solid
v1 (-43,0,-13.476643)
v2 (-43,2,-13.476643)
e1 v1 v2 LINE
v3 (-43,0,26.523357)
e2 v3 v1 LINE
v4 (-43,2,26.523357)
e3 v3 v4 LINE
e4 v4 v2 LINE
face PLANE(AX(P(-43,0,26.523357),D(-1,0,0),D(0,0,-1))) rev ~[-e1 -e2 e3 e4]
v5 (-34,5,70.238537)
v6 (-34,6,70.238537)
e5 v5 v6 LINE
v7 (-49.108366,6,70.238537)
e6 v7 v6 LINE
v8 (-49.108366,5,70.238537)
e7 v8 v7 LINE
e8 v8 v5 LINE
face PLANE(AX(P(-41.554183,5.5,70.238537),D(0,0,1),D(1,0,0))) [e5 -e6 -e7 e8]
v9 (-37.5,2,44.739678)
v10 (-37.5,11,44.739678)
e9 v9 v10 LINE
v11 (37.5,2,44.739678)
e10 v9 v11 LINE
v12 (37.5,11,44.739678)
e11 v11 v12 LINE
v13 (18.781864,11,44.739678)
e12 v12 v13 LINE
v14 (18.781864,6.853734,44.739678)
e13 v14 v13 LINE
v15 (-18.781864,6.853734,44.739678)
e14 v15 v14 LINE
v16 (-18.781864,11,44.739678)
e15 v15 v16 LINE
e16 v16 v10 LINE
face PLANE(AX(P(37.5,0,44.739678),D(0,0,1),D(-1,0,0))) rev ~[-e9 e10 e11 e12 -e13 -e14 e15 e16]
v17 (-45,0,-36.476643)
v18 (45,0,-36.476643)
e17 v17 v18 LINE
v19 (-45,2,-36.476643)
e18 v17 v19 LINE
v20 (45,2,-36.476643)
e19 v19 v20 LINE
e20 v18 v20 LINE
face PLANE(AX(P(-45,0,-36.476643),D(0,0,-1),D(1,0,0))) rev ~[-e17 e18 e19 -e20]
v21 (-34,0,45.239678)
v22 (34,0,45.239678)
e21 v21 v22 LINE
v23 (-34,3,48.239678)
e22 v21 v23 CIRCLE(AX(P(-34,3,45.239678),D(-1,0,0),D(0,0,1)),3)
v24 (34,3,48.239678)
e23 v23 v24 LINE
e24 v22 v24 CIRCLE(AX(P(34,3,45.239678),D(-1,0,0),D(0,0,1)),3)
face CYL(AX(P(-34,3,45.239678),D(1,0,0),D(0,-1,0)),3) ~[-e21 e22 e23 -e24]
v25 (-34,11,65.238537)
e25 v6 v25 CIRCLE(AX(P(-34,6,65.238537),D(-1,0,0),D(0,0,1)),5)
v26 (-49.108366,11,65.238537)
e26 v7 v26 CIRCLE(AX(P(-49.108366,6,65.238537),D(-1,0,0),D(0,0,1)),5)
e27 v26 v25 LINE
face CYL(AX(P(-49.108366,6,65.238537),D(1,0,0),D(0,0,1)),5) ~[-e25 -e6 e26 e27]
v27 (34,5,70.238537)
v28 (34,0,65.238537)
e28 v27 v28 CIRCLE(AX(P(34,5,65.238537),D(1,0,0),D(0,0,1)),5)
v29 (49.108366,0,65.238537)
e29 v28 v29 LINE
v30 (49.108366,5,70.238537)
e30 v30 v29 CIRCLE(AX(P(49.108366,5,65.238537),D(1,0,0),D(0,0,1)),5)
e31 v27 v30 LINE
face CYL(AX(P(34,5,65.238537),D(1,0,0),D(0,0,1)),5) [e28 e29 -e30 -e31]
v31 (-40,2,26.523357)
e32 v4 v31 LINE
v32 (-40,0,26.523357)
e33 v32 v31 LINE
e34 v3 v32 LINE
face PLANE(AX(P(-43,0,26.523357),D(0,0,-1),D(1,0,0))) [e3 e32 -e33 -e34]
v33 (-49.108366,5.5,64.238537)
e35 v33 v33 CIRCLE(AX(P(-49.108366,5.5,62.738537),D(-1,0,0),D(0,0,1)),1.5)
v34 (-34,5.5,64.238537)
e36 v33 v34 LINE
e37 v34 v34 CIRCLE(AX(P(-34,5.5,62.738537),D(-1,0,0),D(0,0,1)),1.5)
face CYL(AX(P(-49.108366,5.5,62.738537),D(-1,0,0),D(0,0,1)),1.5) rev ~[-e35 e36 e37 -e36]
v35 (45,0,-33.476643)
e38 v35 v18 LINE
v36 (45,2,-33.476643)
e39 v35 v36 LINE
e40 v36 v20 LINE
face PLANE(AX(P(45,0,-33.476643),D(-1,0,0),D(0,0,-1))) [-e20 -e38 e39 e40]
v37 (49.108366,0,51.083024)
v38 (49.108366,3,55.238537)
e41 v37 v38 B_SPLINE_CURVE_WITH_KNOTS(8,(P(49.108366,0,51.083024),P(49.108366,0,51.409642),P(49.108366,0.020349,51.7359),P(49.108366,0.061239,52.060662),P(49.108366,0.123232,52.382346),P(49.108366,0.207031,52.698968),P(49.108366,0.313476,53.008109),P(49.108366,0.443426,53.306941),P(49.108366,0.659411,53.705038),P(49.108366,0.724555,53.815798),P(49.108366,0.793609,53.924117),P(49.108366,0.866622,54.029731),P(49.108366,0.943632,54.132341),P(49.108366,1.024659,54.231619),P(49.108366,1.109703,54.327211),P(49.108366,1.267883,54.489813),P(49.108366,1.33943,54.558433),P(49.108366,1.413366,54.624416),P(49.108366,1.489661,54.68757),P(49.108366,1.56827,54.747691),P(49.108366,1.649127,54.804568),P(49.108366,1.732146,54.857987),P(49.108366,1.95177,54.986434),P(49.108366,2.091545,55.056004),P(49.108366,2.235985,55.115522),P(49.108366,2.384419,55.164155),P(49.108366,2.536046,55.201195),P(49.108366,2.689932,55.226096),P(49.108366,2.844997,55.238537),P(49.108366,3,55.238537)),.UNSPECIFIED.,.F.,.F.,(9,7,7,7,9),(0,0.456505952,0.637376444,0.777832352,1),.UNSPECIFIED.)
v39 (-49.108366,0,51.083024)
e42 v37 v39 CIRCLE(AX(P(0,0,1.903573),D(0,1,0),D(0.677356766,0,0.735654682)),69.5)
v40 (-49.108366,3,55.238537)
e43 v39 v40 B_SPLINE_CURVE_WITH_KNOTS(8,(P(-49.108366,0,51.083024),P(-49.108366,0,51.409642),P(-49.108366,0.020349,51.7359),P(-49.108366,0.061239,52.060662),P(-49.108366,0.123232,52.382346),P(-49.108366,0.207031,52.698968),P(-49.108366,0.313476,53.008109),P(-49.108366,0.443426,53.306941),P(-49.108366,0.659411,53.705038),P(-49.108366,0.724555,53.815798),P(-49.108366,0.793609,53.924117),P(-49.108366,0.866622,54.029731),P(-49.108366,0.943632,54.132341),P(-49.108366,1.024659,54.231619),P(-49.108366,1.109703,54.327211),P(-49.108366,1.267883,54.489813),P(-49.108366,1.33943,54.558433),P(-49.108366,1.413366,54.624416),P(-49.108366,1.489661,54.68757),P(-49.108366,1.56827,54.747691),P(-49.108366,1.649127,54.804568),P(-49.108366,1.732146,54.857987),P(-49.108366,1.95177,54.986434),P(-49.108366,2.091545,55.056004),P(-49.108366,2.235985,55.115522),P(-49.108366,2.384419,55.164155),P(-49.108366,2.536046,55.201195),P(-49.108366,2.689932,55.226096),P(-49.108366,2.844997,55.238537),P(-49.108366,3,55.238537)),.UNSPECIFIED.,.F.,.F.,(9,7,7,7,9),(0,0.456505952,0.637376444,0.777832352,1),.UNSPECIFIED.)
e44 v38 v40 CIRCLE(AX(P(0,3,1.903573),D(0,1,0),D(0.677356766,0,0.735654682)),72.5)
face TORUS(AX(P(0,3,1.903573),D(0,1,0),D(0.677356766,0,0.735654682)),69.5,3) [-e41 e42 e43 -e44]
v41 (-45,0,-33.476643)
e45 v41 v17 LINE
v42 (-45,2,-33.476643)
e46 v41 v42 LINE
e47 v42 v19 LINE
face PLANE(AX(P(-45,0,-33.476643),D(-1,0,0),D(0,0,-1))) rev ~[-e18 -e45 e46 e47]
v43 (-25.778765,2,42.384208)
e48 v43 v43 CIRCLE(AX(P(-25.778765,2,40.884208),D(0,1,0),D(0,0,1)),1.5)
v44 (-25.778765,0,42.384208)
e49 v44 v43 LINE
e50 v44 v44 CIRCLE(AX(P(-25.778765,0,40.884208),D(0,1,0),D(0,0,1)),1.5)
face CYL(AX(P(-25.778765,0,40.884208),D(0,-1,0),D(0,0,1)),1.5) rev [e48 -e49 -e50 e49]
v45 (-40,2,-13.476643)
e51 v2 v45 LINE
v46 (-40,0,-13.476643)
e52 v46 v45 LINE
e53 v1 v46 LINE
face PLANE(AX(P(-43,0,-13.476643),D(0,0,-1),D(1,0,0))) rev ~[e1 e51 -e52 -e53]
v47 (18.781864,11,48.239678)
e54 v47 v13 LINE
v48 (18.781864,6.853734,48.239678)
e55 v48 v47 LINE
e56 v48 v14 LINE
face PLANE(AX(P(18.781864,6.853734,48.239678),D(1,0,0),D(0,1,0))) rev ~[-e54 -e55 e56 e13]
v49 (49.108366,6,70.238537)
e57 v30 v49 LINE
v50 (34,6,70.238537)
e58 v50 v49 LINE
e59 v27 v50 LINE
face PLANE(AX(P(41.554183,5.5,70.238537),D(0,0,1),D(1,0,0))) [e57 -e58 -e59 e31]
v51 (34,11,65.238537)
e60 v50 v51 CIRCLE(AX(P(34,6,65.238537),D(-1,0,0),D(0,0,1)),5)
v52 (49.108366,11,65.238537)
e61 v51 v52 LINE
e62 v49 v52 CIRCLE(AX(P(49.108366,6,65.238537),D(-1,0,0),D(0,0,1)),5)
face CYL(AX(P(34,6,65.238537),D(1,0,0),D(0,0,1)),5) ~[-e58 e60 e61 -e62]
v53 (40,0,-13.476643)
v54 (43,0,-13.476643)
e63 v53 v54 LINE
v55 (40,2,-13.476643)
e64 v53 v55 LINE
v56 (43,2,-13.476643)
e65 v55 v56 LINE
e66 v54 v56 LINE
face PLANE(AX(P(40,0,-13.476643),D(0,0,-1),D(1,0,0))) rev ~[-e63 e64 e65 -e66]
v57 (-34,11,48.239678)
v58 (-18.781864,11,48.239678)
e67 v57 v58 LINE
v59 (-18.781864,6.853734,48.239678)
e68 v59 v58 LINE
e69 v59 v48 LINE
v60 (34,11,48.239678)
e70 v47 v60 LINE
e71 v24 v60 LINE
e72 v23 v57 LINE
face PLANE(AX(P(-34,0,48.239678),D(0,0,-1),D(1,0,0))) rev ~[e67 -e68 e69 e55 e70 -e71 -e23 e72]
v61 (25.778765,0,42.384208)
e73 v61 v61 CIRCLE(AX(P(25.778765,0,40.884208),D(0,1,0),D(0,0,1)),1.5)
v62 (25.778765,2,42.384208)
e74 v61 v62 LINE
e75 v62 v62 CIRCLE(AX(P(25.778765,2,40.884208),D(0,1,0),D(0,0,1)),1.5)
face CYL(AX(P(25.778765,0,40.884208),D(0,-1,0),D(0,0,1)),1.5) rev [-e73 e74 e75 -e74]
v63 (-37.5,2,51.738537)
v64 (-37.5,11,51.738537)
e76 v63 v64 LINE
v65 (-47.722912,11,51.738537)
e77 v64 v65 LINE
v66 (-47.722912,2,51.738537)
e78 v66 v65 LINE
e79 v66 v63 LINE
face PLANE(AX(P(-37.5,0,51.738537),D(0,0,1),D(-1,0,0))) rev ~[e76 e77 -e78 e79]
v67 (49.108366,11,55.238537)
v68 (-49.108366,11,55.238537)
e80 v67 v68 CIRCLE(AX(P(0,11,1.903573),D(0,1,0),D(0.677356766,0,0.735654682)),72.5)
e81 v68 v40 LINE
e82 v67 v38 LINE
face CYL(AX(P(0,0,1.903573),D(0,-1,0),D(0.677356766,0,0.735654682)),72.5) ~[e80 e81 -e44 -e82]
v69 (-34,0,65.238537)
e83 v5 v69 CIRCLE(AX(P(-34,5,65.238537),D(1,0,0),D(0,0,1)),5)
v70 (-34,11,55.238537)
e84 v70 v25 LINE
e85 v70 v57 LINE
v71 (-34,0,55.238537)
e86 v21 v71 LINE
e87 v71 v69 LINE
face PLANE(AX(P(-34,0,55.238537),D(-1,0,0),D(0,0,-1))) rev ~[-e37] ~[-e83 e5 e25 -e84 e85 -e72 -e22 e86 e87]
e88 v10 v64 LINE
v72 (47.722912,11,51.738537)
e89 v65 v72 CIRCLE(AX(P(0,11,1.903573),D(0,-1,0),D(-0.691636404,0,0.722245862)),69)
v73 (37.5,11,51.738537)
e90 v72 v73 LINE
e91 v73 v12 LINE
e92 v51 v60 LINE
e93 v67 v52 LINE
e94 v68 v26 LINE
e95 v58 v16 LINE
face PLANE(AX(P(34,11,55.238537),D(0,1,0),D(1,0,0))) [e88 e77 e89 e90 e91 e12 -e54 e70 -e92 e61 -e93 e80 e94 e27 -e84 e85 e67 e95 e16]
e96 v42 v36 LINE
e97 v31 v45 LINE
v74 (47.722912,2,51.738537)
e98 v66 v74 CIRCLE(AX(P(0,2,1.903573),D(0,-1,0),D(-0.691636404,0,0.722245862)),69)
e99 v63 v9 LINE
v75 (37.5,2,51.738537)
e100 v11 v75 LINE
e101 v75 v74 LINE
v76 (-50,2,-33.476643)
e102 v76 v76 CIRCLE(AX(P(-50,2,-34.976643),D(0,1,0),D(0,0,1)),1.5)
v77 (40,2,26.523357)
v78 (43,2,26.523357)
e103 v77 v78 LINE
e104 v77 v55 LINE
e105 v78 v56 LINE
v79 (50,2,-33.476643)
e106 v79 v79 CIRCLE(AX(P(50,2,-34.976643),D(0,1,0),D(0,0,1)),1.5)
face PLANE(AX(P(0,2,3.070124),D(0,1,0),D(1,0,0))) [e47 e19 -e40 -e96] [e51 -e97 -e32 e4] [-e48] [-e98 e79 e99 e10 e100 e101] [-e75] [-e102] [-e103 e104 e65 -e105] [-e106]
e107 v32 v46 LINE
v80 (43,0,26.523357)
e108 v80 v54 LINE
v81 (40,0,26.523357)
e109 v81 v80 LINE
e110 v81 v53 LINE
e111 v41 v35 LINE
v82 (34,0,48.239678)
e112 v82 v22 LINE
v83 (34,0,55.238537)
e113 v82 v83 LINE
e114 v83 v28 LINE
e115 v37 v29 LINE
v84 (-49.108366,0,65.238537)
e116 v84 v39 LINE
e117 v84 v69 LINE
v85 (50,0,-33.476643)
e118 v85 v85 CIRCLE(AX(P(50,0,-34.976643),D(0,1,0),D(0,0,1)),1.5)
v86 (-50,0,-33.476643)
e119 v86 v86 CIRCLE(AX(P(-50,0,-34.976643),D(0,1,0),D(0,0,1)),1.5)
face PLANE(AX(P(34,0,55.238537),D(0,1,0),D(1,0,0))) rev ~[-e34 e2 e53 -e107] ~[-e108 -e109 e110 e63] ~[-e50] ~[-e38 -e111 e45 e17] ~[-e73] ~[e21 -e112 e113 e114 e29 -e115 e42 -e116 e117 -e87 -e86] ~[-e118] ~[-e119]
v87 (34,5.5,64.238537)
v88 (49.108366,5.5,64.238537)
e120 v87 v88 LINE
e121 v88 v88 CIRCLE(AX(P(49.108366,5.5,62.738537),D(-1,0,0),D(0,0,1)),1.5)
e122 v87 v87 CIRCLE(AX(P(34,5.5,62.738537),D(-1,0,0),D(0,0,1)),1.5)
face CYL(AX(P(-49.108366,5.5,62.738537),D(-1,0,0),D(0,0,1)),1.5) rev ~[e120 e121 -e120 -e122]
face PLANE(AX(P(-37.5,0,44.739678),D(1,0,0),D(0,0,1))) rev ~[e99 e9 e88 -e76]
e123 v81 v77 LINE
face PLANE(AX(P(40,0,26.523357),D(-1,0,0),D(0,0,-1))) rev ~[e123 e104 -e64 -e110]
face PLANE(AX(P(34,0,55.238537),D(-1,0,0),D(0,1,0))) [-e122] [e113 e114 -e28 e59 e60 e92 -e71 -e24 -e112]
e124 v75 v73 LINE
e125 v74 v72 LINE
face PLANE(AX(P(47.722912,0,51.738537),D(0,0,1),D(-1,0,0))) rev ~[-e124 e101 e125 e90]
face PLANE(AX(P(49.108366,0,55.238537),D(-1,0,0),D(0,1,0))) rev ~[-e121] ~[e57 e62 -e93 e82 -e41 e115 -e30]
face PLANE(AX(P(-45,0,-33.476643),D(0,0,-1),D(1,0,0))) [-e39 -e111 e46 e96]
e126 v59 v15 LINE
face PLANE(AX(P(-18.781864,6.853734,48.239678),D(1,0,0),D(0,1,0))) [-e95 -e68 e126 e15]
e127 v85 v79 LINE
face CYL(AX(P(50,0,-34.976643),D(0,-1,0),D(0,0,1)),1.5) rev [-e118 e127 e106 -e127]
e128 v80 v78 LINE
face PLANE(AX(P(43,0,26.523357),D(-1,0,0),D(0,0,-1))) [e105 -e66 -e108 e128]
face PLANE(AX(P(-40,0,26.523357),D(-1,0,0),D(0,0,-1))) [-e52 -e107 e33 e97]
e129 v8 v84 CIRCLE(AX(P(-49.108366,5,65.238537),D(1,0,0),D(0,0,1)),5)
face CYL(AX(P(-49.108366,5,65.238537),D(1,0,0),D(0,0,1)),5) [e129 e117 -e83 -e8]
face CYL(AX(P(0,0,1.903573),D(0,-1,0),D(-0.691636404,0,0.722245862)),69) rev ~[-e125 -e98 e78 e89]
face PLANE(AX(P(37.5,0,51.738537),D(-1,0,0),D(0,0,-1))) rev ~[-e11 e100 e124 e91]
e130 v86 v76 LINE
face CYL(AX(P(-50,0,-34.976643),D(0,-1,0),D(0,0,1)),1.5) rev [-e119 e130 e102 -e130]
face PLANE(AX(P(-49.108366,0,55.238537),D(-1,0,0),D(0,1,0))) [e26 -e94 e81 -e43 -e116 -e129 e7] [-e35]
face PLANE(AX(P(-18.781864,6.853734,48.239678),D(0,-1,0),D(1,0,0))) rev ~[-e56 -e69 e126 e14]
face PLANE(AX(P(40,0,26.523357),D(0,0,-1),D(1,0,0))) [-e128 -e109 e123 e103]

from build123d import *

# Parameters (mm, degrees)
SKETCH1_R           = 1.5
SKETCH1_W           = 3
SKETCH1_H           = 40
SKETCH1_W_2         = 90
SKETCH1_H_2         = 3
BOSS_EXTRUDE1_DEPTH = 2
BOSS_EXTRUDE2_DEPTH = 11
SKETCH3_W           = 15.108365525
SKETCH3_H           = 11
BOSS_EXTRUDE3_DEPTH = 15
SKETCH4_R           = 1.5
CUT_EXTRUDE1_DEPTH  = 115
FILLET2_R           = 3
FILLET3_R           = 5
SKETCH5_W           = 37.563728852
SKETCH5_H           = 8.292532788
CUT_EXTRUDE2_DEPTH  = 10


with BuildPart() as part:
    # Sketch1 → Boss-Extrude1 (new body)
    with BuildSketch(Plane(origin=(0, 0, 0), x_dir=(1, 0, 0), z_dir=(0, 1, 0))):
        with BuildLine():
            ThreePointArc((49.108365525, -55.238537207), (0, 70.596427268), (-49.108365525, -55.238537207))
            Line((-49.108365525, -55.238537207), (-34, -55.238537207))
            Line((-34, -55.238537207), (-34, -48.239677752))
            Line((-34, -48.239677752), (34, -48.239677752))
            Line((34, -48.239677752), (34, -55.238537207))
            Line((34, -55.238537207), (49.108365525, -55.238537207))
        make_face()
        with Locations((-25.778764696, -40.884208465)):
            Circle(SKETCH1_R, mode=Mode.SUBTRACT)
        with Locations((-41.5, -6.523357214)):
            Rectangle(SKETCH1_W, SKETCH1_H, mode=Mode.SUBTRACT)
        with Locations((25.778764693, -40.884208467)):
            Circle(SKETCH1_R, mode=Mode.SUBTRACT)
        with Locations((41.5, -6.523357214)):
            Rectangle(SKETCH1_W, SKETCH1_H, mode=Mode.SUBTRACT)
        with Locations((-50, 34.976642786)):
            Circle(SKETCH1_R, mode=Mode.SUBTRACT)
        with Locations((0, 34.976642786)):
            Rectangle(SKETCH1_W_2, SKETCH1_H_2, mode=Mode.SUBTRACT)
        with Locations((50, 34.976642786)):
            Circle(SKETCH1_R, mode=Mode.SUBTRACT)
    extrude(amount=BOSS_EXTRUDE1_DEPTH)

    # Sketch1<3> → Boss-Extrude2 (add)
    with BuildSketch(Plane(origin=(0, 0, 0), x_dir=(1, 0, 0), z_dir=(0, 1, 0))):
        with BuildLine():
            ThreePointArc((49.108365525, -55.238537207), (0, 70.596427268), (-49.108365525, -55.238537207))
            Line((-49.108365525, -55.238537207), (-34, -55.238537207))
            Line((-34, -55.238537207), (-34, -48.239677752))
            Line((-34, -48.239677752), (34, -48.239677752))
            Line((34, -48.239677752), (34, -55.238537207))
            Line((34, -55.238537207), (49.108365525, -55.238537207))
        make_face()
        with BuildLine():
            Line((-37.5, -51.738537207), (-47.722911854, -51.738537207))
            ThreePointArc((-47.722911854, -51.738537207), (0, 67.096427268), (47.722911854, -51.738537207))
            Line((47.722911854, -51.738537207), (37.5, -51.738537207))
            Line((37.5, -51.738537207), (37.5, -44.739677752))
            Line((37.5, -44.739677752), (-37.5, -44.739677752))
            Line((-37.5, -44.739677752), (-37.5, -51.738537207))
        make_face(mode=Mode.SUBTRACT)
    extrude(amount=BOSS_EXTRUDE2_DEPTH)

    # Sketch3 → Boss-Extrude3 (add)
    with BuildSketch(Plane.XY.offset(55.238537207)):
        with Locations((41.554182763, 5.5)):
            Rectangle(SKETCH3_W, SKETCH3_H)
        with Locations((-41.554182763, 5.5)):
            Rectangle(SKETCH3_W, SKETCH3_H)
    extrude(amount=BOSS_EXTRUDE3_DEPTH)

    # Sketch4 → Cut-Extrude1 (cut)
    with BuildSketch(Plane.ZY.offset(49.108365525)):
        with Locations((62.738537207, 5.5)):
            Circle(SKETCH4_R)
    extrude(amount=-CUT_EXTRUDE1_DEPTH, mode=Mode.SUBTRACT)

    # Fillet2
    fillet2_edges = [part.edges().sort_by_distance(p)[0] for p in [
        (0, 0, 48.239677752),
        (0, 0, -70.596427268),
    ]]
    fillet(fillet2_edges, radius=FILLET2_R)

    # Fillet3
    fillet3_edges = [part.edges().sort_by_distance(p)[0] for p in [
        (41.554182762, 0, 70.238537207),
        (41.554182762, 11, 70.238537207),
        (-41.554182762, 0, 70.238537207),
        (-41.554182762, 11, 70.238537207),
    ]]
    fillet(fillet3_edges, radius=FILLET3_R)

    # Sketch5 → Cut-Extrude2 (cut)
    with BuildSketch(Plane.XY.offset(48.239677752)):
        with Locations((0, 11)):
            Rectangle(SKETCH5_W, SKETCH5_H)
    extrude(amount=-CUT_EXTRUDE2_DEPTH, mode=Mode.SUBTRACT)


solid = part.part
